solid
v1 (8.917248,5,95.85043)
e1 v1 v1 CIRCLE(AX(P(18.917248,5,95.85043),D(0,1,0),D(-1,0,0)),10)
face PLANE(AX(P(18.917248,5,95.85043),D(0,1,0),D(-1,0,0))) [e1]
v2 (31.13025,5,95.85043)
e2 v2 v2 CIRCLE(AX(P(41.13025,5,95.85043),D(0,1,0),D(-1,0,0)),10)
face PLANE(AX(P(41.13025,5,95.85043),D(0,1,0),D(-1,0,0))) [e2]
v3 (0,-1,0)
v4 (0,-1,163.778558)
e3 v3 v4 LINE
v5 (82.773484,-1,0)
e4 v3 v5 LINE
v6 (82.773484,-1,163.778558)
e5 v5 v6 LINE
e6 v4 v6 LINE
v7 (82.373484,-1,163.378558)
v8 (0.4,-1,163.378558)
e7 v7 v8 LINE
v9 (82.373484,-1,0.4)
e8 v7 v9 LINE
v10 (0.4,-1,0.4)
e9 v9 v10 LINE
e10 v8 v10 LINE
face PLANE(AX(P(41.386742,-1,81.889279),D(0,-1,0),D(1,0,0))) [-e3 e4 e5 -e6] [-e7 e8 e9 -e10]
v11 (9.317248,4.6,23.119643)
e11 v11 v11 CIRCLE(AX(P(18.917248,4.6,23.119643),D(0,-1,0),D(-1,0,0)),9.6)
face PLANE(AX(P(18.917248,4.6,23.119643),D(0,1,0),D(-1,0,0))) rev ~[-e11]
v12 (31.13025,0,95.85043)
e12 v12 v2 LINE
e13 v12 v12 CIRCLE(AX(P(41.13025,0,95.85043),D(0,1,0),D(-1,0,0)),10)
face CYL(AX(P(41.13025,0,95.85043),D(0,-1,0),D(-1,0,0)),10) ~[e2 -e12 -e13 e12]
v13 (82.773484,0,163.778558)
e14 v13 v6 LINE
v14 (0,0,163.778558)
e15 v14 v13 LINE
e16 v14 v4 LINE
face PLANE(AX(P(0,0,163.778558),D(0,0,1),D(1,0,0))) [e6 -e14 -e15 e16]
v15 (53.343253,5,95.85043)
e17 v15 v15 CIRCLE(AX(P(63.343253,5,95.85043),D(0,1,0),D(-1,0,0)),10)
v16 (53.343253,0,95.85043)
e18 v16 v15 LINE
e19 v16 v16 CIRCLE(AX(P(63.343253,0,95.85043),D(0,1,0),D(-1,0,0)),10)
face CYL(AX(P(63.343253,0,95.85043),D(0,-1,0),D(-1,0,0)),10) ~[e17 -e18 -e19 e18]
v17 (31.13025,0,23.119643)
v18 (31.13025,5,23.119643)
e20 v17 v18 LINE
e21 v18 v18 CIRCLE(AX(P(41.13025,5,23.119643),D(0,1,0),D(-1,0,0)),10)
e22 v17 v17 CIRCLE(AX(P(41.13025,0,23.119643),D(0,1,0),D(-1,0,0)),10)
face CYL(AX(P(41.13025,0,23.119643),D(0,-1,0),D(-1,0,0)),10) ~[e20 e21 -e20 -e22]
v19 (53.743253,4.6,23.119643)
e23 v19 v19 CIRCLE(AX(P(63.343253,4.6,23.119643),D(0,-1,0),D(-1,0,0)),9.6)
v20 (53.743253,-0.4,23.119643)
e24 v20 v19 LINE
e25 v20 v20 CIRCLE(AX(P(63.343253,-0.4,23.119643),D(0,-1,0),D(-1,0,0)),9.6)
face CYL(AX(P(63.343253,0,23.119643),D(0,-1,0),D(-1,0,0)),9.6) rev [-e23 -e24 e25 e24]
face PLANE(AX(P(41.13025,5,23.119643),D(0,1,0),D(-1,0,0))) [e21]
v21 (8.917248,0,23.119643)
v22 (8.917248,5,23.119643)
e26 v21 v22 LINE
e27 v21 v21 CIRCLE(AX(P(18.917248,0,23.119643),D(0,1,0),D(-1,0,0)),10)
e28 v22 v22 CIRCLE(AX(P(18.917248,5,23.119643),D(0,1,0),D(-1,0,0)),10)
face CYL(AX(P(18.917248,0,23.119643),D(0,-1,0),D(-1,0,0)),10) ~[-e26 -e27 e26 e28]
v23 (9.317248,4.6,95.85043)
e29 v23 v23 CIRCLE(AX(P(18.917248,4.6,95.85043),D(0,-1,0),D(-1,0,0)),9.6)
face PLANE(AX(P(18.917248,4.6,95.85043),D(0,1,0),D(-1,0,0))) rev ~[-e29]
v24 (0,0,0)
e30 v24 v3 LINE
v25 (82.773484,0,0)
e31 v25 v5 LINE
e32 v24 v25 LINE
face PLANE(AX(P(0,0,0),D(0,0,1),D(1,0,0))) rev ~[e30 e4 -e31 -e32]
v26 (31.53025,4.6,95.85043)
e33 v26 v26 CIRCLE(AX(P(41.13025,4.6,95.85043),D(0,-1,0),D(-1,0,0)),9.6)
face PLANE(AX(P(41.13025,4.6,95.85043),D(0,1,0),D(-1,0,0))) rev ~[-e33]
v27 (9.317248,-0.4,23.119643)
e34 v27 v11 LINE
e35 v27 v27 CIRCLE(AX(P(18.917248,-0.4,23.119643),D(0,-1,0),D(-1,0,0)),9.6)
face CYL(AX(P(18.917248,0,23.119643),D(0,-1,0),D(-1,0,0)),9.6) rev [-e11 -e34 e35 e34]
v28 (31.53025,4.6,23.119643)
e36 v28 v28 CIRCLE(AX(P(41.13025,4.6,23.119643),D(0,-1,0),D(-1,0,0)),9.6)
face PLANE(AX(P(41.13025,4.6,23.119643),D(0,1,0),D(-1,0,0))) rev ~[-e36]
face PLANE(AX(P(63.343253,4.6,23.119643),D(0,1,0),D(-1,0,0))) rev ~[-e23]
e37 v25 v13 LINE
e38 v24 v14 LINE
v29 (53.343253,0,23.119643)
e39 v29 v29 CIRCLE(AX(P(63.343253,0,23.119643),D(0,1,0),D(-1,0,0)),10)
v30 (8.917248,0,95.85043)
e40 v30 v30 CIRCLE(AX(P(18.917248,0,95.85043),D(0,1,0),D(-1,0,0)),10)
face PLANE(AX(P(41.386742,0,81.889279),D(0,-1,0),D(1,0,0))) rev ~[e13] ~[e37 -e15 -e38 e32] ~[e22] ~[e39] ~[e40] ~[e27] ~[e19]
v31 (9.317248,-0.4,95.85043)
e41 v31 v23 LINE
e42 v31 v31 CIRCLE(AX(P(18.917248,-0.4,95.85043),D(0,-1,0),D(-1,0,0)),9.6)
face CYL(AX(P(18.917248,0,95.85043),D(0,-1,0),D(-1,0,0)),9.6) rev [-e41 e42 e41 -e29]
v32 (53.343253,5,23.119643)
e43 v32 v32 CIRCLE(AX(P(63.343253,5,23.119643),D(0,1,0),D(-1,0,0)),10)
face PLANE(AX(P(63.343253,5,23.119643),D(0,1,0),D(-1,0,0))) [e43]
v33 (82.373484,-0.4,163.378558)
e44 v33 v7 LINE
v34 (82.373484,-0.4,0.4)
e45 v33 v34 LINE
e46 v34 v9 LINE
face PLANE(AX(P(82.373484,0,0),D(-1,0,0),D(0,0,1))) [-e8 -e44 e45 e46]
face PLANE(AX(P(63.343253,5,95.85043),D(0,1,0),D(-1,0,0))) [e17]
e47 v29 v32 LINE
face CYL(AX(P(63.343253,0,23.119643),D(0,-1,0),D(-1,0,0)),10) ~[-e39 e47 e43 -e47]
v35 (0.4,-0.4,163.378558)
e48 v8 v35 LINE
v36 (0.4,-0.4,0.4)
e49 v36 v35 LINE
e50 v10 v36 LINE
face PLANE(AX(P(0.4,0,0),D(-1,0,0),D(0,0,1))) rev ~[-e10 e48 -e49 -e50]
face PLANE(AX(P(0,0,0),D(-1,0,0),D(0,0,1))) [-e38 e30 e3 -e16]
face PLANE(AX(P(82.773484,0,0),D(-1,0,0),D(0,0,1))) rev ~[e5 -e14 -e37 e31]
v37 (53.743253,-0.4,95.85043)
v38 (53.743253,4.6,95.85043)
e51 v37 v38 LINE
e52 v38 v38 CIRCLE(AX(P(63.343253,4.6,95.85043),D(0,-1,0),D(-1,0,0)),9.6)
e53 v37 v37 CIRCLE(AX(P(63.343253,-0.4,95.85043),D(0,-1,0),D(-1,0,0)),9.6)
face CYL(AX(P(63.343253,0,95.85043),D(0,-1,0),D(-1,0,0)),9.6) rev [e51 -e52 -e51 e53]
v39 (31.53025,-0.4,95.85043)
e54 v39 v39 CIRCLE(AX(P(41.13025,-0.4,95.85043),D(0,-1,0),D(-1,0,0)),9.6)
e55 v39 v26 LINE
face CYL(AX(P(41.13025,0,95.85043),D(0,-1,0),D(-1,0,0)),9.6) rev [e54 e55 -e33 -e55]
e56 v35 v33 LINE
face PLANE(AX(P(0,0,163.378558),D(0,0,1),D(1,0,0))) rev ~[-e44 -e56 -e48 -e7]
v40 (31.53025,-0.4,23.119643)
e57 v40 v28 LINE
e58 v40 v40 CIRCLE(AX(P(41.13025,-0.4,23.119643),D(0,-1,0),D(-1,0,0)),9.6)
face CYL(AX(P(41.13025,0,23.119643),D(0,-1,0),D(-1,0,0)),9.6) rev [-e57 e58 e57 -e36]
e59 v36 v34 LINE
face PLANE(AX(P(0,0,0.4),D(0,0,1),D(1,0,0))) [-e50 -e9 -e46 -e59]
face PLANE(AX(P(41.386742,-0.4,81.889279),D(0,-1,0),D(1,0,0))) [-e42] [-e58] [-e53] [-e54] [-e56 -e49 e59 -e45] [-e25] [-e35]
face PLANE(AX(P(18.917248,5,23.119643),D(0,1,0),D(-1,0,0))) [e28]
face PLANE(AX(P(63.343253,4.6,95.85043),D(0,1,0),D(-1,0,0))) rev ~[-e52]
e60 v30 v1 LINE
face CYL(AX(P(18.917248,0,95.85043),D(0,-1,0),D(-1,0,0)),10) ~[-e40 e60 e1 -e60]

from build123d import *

# Parameters (mm, degrees)
F0_W     = 82.7734842896
F0_H     = 163.7785583735
F1_DEPTH = 1
F2_R     = 10
F3_DEPTH = 5
F4_T     = -0.4


with BuildPart() as f1:
    # F0 (on Front) → F1 (new body)
    with BuildSketch(Plane.XZ):
        with Locations((41.3867421448, 81.8892791867)):
            Rectangle(F0_W, F0_H)
    extrude(amount=F1_DEPTH)

    # F2 (on face) → F3 (join)
    with BuildSketch(Plane(origin=(0, 0, 0), x_dir=(-1, 0, 0), z_dir=(0, 1, 0))):
        with Locations((-18.917247653, 23.1196433306)):
            Circle(F2_R)
        with Locations((-18.917247653, 95.850430429)):
            Circle(F2_R)
        with Locations((-41.1302503198, 23.1196433306)):
            Circle(F2_R)
        with Locations((-41.1302503198, 95.850430429)):
            Circle(F2_R)
        with Locations((-63.3432529867, 23.1196433306)):
            Circle(F2_R)
        with Locations((-63.3432529867, 95.850430429)):
            Circle(F2_R)
    extrude(amount=F3_DEPTH)

    # F4
    f4_openings = [f1.faces().sort_by_distance(p)[0] for p in [
        (41.386742, -1, 81.889279),
    ]]
    offset(amount=F4_T, openings=f4_openings, kind=Kind.INTERSECTION)


solid = f1.part
